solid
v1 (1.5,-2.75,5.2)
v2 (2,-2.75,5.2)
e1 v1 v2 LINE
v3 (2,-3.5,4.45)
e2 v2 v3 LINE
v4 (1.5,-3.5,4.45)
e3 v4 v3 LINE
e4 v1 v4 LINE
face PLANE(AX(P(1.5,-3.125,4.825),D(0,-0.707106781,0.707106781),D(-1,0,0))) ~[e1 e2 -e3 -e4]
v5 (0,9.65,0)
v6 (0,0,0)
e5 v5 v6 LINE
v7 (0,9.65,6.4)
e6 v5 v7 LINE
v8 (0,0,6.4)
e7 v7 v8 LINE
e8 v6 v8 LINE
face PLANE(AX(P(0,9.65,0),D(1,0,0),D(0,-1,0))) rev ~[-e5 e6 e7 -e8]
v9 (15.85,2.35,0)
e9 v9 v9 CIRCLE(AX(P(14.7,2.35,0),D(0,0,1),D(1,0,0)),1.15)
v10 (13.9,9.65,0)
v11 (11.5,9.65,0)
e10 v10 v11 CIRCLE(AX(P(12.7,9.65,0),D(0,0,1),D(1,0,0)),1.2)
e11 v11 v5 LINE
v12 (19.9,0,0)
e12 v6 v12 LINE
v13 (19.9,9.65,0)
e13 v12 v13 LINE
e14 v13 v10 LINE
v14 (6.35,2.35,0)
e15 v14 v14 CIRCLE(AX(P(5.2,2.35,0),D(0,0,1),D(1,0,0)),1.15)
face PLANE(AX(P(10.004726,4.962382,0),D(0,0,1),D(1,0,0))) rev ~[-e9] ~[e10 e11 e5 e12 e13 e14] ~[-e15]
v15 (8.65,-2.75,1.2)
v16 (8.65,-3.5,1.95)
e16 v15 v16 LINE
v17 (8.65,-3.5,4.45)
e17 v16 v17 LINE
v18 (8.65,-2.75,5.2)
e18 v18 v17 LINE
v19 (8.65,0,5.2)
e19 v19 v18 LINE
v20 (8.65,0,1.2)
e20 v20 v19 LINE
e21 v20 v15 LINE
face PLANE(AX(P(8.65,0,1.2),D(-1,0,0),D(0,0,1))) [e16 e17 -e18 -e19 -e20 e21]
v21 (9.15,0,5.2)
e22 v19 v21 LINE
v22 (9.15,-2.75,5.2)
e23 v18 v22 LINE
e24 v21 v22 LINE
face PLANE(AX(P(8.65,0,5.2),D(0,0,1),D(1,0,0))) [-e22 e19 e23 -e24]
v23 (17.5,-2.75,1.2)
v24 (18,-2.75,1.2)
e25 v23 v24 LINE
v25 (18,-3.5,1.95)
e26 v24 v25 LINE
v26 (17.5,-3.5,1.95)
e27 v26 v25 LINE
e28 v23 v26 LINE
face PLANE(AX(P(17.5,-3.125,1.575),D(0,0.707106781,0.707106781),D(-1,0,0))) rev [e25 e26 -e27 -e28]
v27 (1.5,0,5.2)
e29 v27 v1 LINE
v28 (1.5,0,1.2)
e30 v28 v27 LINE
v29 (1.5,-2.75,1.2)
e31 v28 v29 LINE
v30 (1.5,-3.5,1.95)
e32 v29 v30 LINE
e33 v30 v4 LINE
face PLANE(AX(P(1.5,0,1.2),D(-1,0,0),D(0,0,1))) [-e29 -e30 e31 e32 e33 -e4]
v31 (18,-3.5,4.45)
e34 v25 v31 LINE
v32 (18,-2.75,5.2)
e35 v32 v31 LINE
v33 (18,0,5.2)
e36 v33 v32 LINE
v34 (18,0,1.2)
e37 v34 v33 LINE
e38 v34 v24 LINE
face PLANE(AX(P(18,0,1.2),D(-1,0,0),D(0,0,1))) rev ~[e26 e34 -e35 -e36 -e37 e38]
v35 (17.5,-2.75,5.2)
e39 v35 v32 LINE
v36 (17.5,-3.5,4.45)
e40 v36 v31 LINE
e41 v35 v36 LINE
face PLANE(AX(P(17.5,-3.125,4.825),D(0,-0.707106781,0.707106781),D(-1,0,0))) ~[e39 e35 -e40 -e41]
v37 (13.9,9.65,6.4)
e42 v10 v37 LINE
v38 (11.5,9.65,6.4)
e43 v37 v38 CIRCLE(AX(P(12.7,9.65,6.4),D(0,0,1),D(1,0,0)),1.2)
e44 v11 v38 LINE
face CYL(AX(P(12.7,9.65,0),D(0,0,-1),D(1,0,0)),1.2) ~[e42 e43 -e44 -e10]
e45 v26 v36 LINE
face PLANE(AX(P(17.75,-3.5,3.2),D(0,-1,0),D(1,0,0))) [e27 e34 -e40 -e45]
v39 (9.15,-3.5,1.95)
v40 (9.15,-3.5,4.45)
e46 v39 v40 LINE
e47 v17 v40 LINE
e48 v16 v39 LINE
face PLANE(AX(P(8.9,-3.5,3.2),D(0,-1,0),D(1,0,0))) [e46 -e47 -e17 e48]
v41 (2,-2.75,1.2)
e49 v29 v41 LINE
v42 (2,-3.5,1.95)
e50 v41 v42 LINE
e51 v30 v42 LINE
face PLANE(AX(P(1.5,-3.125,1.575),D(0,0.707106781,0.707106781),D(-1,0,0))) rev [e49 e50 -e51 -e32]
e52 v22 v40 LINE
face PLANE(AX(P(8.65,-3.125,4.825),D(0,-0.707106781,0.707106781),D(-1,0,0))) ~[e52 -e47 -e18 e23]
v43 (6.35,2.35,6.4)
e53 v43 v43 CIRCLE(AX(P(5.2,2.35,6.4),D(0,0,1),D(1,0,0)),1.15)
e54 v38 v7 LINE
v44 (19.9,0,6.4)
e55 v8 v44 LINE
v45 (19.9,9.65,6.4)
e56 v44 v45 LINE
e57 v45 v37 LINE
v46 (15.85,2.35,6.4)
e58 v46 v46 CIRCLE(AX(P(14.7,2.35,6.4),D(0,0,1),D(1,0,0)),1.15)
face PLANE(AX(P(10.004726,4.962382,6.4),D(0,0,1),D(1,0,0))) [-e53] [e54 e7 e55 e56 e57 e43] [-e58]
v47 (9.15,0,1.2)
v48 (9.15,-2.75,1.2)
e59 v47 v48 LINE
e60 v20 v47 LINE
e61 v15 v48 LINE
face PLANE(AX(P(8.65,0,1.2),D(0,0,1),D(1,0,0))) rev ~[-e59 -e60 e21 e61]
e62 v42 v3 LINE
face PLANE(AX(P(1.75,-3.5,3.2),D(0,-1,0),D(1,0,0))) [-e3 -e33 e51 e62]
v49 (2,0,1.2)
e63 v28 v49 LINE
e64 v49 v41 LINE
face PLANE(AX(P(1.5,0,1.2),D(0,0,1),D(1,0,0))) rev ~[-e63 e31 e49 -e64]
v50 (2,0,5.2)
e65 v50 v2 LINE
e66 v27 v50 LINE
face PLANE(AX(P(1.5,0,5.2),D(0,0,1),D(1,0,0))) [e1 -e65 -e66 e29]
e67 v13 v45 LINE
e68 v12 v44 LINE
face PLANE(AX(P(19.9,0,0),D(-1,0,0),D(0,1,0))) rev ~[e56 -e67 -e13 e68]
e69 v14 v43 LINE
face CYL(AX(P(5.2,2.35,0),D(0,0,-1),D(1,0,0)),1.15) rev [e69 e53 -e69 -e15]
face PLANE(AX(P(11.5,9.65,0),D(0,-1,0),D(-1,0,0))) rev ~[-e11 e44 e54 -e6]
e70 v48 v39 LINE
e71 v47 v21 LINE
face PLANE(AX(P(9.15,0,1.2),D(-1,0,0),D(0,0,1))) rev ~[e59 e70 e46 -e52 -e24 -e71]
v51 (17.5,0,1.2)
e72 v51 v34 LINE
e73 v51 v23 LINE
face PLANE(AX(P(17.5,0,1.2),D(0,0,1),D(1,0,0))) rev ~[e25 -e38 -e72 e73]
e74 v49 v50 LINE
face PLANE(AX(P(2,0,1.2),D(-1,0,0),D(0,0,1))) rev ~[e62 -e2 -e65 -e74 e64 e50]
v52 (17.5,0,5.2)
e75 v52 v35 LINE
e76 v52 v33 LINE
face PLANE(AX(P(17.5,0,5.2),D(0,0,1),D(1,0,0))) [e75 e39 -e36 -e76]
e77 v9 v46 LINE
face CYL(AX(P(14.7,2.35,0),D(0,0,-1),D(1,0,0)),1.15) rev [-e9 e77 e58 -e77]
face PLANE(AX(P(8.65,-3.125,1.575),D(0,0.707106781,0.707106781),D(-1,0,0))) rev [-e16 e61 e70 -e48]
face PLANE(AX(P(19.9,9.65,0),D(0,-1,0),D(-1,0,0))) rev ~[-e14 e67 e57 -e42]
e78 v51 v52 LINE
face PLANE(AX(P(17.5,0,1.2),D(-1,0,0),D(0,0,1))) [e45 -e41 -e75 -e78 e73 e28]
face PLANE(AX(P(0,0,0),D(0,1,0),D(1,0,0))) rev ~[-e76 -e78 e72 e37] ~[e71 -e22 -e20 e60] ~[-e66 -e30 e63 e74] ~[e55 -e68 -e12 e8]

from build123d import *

# Parameters (mm, degrees)
SKETCH_R     = 1.15
PAD_DEPTH    = 6.4
SKETCH001_W  = 0.5
SKETCH001_H  = 4
PAD001_DEPTH = 3.5
CHAMFER_SIZE = 0.75


with BuildPart() as part:
    # Sketch → Pad (new body)
    with BuildSketch(Plane.XY):
        with BuildLine():
            Line((0, 0), (19.9, 0))
            Line((19.9, 0), (19.9, 9.65))
            Line((19.9, 9.65), (13.9, 9.65))
            ThreePointArc((13.9, 9.65), (12.7, 10.85), (11.5, 9.65))
            Line((11.5, 9.65), (0, 9.65))
            Line((0, 9.65), (0, 0))
        make_face()
        with Locations((5.2, 2.35)):
            Circle(SKETCH_R, mode=Mode.SUBTRACT)
        with Locations((14.7, 2.35)):
            Circle(SKETCH_R, mode=Mode.SUBTRACT)
    extrude(amount=PAD_DEPTH)

    # Sketch001 → Pad001 (join)
    with BuildSketch(Plane.XZ):
        with Locations((1.75, 3.2)):
            Rectangle(SKETCH001_W, SKETCH001_H)
        with Locations((8.9, 3.2)):
            Rectangle(SKETCH001_W, SKETCH001_H)
        with Locations((17.75, 3.2)):
            Rectangle(SKETCH001_W, SKETCH001_H)
    extrude(amount=PAD001_DEPTH)

    # Chamfer
    chamfer_edges = [part.edges().sort_by_distance(p)[0] for p in [
        (17.75, -3.5, 5.2),
        (17.75, -3.5, 1.2),
        (1.75, -3.5, 1.2),
        (1.75, -3.5, 5.2),
        (8.9, -3.5, 5.2),
        (8.9, -3.5, 1.2),
    ]]
    chamfer(chamfer_edges, length=CHAMFER_SIZE)


solid = part.part
